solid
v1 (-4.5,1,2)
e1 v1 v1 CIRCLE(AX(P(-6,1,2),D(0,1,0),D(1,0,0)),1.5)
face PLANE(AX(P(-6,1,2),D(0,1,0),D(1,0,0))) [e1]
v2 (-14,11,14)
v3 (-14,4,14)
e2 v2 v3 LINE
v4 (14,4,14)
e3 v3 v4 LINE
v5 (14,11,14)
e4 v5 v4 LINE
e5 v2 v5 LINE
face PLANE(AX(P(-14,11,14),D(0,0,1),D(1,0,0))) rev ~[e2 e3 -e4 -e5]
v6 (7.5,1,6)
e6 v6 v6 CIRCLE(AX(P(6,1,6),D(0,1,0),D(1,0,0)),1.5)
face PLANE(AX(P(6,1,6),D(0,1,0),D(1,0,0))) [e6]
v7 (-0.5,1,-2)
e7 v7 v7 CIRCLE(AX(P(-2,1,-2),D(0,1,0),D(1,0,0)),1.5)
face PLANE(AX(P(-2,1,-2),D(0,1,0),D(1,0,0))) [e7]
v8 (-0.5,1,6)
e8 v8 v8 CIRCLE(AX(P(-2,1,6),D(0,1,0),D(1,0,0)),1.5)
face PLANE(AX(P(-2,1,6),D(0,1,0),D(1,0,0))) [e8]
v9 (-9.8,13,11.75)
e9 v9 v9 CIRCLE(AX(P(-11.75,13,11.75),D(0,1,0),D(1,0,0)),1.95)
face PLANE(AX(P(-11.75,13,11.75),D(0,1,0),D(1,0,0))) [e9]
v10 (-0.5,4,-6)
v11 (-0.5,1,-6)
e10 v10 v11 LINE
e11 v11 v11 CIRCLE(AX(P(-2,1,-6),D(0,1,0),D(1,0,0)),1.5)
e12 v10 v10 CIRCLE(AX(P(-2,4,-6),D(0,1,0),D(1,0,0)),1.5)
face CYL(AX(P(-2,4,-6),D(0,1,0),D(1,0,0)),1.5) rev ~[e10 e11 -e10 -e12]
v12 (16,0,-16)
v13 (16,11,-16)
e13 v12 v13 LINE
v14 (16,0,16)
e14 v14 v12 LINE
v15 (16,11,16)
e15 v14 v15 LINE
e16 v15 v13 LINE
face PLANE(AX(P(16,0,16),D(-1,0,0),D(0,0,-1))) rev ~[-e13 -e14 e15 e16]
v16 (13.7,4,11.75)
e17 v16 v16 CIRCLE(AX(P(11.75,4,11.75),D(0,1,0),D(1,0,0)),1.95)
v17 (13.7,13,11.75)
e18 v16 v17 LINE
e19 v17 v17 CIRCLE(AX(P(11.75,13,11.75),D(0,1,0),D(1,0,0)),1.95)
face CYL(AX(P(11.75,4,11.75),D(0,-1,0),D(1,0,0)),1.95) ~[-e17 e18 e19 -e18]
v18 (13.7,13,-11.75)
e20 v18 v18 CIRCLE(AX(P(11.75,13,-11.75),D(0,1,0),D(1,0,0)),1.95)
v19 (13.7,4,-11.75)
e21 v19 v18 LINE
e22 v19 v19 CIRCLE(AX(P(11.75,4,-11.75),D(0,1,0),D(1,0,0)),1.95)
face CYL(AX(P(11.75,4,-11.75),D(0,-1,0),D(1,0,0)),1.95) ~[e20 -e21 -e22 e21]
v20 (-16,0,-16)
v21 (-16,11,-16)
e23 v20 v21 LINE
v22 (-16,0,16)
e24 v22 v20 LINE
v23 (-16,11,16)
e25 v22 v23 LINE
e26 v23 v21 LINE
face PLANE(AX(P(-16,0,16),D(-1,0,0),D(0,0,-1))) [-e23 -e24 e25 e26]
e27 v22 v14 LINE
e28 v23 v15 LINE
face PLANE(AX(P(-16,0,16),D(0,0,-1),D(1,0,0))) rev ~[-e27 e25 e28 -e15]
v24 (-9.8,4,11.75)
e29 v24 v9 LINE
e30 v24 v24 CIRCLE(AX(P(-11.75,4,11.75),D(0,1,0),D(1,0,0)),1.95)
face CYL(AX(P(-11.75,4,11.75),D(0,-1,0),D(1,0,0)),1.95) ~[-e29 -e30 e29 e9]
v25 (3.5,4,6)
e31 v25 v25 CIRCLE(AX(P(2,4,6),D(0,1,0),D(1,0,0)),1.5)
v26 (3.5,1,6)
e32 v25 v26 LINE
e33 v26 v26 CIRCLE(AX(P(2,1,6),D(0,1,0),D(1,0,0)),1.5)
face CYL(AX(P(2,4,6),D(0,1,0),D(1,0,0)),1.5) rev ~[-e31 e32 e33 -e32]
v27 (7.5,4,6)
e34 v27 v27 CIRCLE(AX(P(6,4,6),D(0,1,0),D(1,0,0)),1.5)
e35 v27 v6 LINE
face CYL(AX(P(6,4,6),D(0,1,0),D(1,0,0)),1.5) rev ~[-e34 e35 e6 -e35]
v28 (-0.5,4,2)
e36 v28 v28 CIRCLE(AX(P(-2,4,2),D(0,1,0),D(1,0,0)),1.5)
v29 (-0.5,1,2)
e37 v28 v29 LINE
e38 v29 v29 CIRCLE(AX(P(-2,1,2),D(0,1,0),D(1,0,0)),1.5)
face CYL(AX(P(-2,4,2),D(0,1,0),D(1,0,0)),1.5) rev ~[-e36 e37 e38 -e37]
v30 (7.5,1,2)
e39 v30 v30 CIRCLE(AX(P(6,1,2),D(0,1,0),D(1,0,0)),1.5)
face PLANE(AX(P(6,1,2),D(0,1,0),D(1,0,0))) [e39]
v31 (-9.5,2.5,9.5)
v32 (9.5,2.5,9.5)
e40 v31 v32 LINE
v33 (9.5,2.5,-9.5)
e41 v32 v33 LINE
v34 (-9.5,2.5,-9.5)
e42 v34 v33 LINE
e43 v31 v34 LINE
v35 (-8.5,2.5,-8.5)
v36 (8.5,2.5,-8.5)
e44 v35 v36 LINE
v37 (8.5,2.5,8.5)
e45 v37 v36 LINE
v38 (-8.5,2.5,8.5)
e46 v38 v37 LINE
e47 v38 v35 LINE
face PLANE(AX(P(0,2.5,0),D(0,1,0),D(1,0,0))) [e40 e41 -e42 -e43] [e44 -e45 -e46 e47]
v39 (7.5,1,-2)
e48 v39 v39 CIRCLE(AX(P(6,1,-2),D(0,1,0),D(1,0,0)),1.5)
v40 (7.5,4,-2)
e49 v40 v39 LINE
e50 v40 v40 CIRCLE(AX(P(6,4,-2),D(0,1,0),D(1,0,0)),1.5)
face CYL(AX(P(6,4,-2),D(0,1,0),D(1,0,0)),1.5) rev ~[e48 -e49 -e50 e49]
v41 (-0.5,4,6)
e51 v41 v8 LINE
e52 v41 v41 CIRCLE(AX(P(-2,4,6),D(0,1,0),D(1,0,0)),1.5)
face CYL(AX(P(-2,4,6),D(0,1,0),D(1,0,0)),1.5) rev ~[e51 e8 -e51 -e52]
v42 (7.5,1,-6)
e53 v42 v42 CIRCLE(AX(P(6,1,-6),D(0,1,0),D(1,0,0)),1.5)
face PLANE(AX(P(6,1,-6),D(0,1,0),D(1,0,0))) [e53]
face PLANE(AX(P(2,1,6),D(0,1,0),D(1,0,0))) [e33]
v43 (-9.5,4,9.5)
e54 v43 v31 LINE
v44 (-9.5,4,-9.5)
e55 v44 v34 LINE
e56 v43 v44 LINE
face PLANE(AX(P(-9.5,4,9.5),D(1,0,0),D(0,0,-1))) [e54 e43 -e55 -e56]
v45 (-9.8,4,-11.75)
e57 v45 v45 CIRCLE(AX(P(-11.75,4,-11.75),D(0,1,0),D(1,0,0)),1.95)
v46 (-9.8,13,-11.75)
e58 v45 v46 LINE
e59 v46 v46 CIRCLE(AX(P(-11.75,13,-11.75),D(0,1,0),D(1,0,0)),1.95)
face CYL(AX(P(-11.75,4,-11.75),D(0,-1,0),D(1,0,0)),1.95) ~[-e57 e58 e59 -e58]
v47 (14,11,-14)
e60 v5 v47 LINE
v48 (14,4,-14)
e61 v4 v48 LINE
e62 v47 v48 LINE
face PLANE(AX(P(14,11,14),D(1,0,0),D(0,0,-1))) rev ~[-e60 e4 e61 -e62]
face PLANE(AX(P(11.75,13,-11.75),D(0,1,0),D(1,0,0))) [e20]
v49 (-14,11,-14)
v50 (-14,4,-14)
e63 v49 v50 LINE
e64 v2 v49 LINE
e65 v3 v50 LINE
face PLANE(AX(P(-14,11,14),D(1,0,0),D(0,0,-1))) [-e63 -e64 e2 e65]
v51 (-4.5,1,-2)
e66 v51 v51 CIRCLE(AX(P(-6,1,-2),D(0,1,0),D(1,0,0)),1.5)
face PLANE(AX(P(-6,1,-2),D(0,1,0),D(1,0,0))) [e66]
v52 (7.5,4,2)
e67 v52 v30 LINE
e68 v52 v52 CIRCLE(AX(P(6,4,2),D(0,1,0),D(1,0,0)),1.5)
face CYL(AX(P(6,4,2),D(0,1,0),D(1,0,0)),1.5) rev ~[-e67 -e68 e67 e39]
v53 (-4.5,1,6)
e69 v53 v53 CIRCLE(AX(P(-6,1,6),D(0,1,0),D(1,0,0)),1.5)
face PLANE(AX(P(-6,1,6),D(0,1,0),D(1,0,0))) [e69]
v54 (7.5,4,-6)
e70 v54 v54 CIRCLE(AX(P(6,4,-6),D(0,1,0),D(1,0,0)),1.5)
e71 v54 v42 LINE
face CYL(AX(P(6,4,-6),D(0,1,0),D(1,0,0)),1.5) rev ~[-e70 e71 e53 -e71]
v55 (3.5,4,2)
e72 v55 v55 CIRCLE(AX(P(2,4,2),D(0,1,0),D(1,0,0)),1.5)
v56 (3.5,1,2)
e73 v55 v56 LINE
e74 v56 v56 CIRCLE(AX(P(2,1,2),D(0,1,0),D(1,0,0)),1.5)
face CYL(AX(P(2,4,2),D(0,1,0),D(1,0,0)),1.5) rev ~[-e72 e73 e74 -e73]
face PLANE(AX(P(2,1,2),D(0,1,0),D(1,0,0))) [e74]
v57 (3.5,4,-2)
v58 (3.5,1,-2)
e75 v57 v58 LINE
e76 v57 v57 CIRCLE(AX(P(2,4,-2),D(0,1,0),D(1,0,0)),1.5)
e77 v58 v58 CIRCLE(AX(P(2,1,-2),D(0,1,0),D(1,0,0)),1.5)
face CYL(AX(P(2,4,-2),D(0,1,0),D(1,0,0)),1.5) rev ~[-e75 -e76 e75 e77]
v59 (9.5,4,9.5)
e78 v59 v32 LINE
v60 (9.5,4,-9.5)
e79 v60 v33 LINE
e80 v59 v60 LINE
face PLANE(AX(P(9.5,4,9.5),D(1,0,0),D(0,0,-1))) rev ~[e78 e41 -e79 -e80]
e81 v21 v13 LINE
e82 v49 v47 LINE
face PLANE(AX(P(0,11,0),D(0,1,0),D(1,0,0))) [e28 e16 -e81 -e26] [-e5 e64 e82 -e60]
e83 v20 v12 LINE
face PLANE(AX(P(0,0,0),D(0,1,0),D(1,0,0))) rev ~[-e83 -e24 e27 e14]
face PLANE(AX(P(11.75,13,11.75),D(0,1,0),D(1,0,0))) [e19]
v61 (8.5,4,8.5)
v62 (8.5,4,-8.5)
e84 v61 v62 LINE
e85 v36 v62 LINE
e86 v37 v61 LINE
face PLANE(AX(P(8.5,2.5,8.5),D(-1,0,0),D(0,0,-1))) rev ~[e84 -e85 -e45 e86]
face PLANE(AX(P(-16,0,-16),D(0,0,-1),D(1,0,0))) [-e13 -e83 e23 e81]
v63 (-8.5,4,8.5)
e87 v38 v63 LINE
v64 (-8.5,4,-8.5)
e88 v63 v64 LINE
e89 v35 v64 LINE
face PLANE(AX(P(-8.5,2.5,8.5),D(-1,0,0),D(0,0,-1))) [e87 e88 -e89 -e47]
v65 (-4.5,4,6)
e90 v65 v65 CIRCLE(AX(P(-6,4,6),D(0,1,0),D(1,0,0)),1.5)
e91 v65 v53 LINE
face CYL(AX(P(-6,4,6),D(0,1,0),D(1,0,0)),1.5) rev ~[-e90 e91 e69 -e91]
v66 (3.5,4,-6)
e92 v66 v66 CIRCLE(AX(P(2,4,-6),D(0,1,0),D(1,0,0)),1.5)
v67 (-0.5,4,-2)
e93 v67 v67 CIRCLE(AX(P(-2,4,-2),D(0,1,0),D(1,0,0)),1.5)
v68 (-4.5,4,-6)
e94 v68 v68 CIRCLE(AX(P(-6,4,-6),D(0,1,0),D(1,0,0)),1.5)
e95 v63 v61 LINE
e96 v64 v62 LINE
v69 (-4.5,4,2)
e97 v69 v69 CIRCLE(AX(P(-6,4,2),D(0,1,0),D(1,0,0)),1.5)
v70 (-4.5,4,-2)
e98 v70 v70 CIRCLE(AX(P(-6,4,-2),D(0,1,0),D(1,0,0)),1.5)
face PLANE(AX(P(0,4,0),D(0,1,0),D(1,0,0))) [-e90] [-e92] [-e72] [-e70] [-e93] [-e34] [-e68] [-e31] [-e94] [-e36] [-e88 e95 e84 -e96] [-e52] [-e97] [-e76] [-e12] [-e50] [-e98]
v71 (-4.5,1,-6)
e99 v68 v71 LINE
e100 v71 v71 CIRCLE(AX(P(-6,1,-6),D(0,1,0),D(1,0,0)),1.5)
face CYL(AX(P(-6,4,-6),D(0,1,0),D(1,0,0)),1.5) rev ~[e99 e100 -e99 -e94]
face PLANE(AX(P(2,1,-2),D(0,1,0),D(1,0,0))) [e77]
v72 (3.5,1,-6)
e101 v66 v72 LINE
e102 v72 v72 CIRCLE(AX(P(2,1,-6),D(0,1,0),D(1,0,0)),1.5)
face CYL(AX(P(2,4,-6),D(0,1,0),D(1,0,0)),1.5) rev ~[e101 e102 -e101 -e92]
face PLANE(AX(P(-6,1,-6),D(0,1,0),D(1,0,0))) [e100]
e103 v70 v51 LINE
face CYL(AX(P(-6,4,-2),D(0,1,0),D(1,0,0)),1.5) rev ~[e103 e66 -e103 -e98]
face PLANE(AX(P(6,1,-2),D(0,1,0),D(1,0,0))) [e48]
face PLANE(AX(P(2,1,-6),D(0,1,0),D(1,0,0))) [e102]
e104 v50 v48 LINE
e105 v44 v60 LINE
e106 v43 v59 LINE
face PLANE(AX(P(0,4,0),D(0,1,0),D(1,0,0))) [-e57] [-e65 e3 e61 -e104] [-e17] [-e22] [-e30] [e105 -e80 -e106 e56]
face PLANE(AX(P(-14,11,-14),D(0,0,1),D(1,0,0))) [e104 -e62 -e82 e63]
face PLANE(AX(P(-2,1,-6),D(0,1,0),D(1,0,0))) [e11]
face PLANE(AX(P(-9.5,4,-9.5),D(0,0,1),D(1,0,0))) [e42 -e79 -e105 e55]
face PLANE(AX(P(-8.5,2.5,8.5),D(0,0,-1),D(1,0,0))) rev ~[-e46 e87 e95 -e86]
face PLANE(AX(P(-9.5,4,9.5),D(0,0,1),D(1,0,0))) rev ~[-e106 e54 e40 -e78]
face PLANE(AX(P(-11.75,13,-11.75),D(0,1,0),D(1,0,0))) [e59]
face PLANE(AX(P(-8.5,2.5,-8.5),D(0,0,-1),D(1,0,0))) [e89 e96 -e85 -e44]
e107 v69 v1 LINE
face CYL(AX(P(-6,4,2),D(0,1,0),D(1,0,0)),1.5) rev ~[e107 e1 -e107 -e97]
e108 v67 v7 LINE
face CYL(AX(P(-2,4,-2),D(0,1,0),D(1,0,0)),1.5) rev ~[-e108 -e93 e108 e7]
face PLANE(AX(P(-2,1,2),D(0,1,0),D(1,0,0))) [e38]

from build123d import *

# Parameters (mm, degrees)
SKETCH1_W           = 32
SKETCH1_H           = 32
BOSS_EXTRUDE1_DEPTH = 11
SKETCH2_W           = 28
SKETCH2_H           = 28
CUT_EXTRUDE1_DEPTH  = 7
SKETCH3_W           = 19
SKETCH3_H           = 19
CUT_EXTRUDE2_DEPTH  = 1.5
SKETCH4_W           = 17
SKETCH4_H           = 17
BOSS_EXTRUDE2_DEPTH = 1.5
SKETCH6_R           = 1.95
BOSS_EXTRUDE3_DEPTH = 9
SKETCH7_R           = 1.5
CUT_EXTRUDE3_DEPTH  = 3


with BuildPart() as part:
    # Sketch1 → Boss-Extrude1 (new body)
    with BuildSketch(Plane(origin=(0, 0, 0), x_dir=(1, 0, 0), z_dir=(0, 1, 0))):
        Rectangle(SKETCH1_W, SKETCH1_H)
    extrude(amount=BOSS_EXTRUDE1_DEPTH)

    # Sketch2 → Cut-Extrude1 (cut)
    with BuildSketch(Plane(origin=(0, 11, 0), x_dir=(1, 0, 0), z_dir=(0, 1, 0))):
        Rectangle(SKETCH2_W, SKETCH2_H)
    extrude(amount=-CUT_EXTRUDE1_DEPTH, mode=Mode.SUBTRACT)

    # Sketch3 → Cut-Extrude2 (cut)
    with BuildSketch(Plane(origin=(0, 4, 0), x_dir=(1, 0, 0), z_dir=(0, 1, 0))):
        Rectangle(SKETCH3_W, SKETCH3_H)
    extrude(amount=-CUT_EXTRUDE2_DEPTH, mode=Mode.SUBTRACT)

    # Sketch4 → Boss-Extrude2 (add)
    with BuildSketch(Plane(origin=(0, 2.5, 0), x_dir=(1, 0, 0), z_dir=(0, 1, 0))):
        Rectangle(SKETCH4_W, SKETCH4_H)
    extrude(amount=BOSS_EXTRUDE2_DEPTH)

    # Sketch6 → Boss-Extrude3 (add)
    with BuildSketch(Plane(origin=(0, 4, 0), x_dir=(1, 0, 0), z_dir=(0, 1, 0))):
        with Locations((-11.75, 11.75)):
            Circle(SKETCH6_R)
        with Locations((11.75, 11.75)):
            Circle(SKETCH6_R)
        with Locations((11.75, -11.75)):
            Circle(SKETCH6_R)
        with Locations((-11.75, -11.75)):
            Circle(SKETCH6_R)
    extrude(amount=BOSS_EXTRUDE3_DEPTH)

    # Sketch7 → Cut-Extrude3 (cut)
    with BuildSketch(Plane(origin=(0, 4, 0), x_dir=(1, 0, 0), z_dir=(0, 1, 0))):
        with Locations((-6, -6)):
            Circle(SKETCH7_R)
        with Locations((-2, -6)):
            Circle(SKETCH7_R)
        with Locations((2, -6)):
            Circle(SKETCH7_R)
        with Locations((6, -6)):
            Circle(SKETCH7_R)
        with Locations((-2, -2)):
            Circle(SKETCH7_R)
        with Locations((2, -2)):
            Circle(SKETCH7_R)
        with Locations((6, -2)):
            Circle(SKETCH7_R)
        with Locations((-2, 2)):
            Circle(SKETCH7_R)
        with Locations((2, 2)):
            Circle(SKETCH7_R)
        with Locations((6, 2)):
            Circle(SKETCH7_R)
        with Locations((-2, 6)):
            Circle(SKETCH7_R)
        with Locations((2, 6)):
            Circle(SKETCH7_R)
        with Locations((6, 6)):
            Circle(SKETCH7_R)
        with Locations((-6, -2)):
            Circle(SKETCH7_R)
        with Locations((-6, 2)):
            Circle(SKETCH7_R)
        with Locations((-6, 6)):
            Circle(SKETCH7_R)
    extrude(amount=-CUT_EXTRUDE3_DEPTH, mode=Mode.SUBTRACT)


solid = part.part
